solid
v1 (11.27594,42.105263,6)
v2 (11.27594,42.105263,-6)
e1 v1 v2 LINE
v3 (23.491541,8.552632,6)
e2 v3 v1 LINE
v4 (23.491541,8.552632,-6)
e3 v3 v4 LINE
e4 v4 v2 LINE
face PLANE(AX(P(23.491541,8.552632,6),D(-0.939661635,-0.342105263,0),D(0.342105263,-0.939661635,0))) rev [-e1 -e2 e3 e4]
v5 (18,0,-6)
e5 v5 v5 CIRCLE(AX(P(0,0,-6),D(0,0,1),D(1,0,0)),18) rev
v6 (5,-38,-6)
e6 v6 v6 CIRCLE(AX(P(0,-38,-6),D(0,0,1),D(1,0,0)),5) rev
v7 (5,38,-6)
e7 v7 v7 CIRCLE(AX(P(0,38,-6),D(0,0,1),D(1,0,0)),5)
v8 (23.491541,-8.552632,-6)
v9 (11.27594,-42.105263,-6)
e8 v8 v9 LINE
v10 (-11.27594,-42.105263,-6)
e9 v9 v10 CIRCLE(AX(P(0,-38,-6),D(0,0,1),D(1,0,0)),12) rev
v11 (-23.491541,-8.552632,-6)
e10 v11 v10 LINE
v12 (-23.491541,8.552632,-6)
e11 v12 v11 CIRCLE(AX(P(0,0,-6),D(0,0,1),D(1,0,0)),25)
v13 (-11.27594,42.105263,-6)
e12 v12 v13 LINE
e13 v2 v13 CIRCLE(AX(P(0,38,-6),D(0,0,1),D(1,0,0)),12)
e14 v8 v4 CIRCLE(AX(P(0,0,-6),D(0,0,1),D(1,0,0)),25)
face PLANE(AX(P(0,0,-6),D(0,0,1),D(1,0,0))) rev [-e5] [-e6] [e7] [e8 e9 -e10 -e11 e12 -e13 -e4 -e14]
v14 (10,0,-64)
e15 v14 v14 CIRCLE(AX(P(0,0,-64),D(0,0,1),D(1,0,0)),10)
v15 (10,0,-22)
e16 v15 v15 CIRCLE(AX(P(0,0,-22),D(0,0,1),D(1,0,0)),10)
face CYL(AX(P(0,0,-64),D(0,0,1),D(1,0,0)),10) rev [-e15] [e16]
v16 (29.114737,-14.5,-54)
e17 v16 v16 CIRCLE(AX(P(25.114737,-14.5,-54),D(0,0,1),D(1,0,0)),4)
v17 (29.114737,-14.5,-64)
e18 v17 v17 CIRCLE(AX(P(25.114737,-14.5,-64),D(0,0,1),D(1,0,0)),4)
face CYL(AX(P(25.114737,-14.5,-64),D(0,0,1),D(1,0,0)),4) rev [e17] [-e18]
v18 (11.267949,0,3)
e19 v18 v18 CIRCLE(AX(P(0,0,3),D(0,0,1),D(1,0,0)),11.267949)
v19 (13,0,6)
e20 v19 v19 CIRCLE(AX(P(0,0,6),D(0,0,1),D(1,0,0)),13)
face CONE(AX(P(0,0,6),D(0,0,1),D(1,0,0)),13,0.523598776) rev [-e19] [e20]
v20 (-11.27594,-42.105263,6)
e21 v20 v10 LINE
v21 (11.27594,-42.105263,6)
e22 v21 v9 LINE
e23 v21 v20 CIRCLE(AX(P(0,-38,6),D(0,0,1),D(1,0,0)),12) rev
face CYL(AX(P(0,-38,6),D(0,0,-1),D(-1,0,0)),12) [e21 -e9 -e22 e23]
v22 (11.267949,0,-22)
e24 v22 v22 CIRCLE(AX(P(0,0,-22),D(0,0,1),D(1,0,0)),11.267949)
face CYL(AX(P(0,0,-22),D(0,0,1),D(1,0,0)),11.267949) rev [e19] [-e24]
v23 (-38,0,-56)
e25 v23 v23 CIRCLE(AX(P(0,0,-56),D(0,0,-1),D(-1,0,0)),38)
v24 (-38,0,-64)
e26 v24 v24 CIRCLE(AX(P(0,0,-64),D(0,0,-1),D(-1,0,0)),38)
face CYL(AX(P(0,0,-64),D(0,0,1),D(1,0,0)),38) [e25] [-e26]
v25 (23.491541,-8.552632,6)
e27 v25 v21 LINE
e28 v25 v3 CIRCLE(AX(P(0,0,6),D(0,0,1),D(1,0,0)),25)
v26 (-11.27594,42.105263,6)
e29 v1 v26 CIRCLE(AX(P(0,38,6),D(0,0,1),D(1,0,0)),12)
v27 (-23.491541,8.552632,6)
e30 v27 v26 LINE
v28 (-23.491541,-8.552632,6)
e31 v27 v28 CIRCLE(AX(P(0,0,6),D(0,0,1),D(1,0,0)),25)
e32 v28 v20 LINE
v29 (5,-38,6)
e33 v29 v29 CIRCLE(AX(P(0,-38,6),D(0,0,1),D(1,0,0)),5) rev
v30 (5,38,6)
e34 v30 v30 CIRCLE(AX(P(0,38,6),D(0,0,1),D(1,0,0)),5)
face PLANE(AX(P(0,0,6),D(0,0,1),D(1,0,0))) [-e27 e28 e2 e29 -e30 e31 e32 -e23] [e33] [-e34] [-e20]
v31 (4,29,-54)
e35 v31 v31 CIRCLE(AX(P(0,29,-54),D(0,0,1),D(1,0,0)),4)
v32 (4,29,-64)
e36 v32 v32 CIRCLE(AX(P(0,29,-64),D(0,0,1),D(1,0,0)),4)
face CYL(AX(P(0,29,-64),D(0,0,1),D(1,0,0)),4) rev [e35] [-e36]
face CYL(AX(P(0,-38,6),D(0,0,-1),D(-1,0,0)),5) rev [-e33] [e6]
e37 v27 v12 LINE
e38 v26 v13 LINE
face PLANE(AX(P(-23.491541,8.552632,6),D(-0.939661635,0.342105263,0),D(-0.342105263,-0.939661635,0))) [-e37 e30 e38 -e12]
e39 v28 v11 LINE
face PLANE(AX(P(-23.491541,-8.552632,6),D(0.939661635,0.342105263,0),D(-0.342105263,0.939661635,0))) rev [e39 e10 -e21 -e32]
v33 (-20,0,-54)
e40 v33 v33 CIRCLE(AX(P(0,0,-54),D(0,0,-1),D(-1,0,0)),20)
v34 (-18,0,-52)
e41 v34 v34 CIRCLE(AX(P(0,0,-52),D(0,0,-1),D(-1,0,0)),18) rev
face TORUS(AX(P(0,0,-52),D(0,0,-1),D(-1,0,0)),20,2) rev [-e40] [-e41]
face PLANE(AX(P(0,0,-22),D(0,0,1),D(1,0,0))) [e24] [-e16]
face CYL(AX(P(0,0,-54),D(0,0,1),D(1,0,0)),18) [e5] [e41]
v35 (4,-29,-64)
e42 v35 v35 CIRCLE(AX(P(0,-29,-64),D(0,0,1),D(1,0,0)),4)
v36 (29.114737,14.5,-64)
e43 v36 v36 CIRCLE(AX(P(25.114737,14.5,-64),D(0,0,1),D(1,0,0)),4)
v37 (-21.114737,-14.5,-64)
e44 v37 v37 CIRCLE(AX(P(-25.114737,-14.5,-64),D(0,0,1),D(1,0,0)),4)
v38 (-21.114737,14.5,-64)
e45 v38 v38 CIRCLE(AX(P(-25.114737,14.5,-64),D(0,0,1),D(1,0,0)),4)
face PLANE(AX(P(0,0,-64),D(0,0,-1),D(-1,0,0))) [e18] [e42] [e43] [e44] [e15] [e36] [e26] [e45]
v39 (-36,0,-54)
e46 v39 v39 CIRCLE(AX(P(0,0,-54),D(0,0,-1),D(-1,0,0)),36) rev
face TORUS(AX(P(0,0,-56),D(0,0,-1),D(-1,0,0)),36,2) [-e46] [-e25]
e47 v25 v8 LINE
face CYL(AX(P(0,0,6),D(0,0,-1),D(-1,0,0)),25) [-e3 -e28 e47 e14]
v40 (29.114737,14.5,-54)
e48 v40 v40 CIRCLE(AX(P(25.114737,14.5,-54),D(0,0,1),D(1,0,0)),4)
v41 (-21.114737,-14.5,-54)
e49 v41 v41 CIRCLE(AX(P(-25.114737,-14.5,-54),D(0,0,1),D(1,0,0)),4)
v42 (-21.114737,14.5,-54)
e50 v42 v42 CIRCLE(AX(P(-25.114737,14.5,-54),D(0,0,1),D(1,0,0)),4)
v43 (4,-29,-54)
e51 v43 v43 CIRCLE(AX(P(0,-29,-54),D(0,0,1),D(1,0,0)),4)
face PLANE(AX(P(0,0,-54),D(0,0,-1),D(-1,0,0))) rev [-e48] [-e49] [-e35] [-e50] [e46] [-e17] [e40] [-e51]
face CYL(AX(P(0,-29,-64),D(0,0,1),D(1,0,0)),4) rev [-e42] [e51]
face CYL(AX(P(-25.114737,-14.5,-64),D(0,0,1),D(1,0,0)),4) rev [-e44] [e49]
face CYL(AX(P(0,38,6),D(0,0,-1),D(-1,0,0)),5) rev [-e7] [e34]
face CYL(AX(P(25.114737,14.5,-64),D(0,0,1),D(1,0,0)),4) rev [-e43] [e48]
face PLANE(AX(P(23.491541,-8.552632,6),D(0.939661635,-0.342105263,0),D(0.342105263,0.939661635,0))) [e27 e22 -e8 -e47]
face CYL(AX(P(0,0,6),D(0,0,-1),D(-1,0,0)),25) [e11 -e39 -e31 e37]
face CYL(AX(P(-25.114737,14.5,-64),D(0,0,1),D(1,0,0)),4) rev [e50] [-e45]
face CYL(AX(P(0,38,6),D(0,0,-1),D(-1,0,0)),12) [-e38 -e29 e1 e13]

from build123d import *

# Parameters (mm, degrees)
SKETCH1_R           = 5
BOSS_EXTRUDE1_DEPTH = 6
SKETCH2_R           = 13
CUT_EXTRUDE1_DEPTH  = 3
CUT_EXTRUDE1_DRAFT  = -30
SKETCH3_R           = 18
BOSS_EXTRUDE2_DEPTH = 48
SKETCH4_R           = 38
BOSS_EXTRUDE3_DEPTH = 10
SKETCH5_R           = 11.267949192
CUT_EXTRUDE2_DEPTH  = 25
SKETCH6_R           = 10
CUT_EXTRUDE3_DEPTH  = 76.55130707
SKETCH7_R           = 4
CUT_EXTRUDE4_DEPTH  = 87.856203002
FILLET1_R           = 2


with BuildPart() as part:
    # Sketch1 → Boss-Extrude1 (new, symmetric)
    with BuildSketch(Plane.XY):
        with BuildLine():
            Line((23.491540883, -8.552631579), (11.275939624, -42.105263158))
            ThreePointArc((11.275939624, -42.105263158), (0, -50), (-11.275939624, -42.105263158))
            Line((-11.275939624, -42.105263158), (-23.491540883, -8.552631579))
            ThreePointArc((-23.491540883, -8.552631579), (-25, 0), (-23.491540883, 8.552631579))
            Line((-23.491540883, 8.552631579), (-11.275939624, 42.105263158))
            ThreePointArc((-11.275939624, 42.105263158), (0, 50), (11.275939624, 42.105263158))
            Line((11.275939624, 42.105263158), (23.491540883, 8.552631579))
            ThreePointArc((23.491540883, 8.552631579), (25, 0), (23.491540883, -8.552631579))
        make_face()
        with Locations((0, -38)):
            Circle(SKETCH1_R, mode=Mode.SUBTRACT)
        with Locations((0, 38)):
            Circle(SKETCH1_R, mode=Mode.SUBTRACT)
    extrude(amount=BOSS_EXTRUDE1_DEPTH, both=True)


with BuildPart() as cut_extrude1_tool:
    # Sketch2 → Cut-Extrude1 (with draft: the straight prism first)
    with BuildSketch(Plane.XY.offset(6)):
        Circle(SKETCH2_R)
    extrude(amount=-CUT_EXTRUDE1_DEPTH)
    # Cut-Extrude1: the draft: its side faces are tilted about the plane it starts from
    cut_extrude1_sides = [cut_extrude1_tool.faces().sort_by_distance(p)[0] for p in [
        (-13, 0, 4.5),
    ]]
    draft(cut_extrude1_sides, Plane.XY.offset(6), CUT_EXTRUDE1_DRAFT)


with BuildPart() as part_1:
    add(part.part)

    # Cut-Extrude1: cut by cut_extrude1_tool
    add(cut_extrude1_tool.part, mode=Mode.SUBTRACT)

    # Sketch3 → Boss-Extrude2 (add)
    with BuildSketch(Plane(origin=(0, 0, -6), x_dir=(-1, 0, 0), z_dir=(0, 0, -1))):
        with Locations(Location((0, 0, 0), (0, 0, 180))):
            Circle(SKETCH3_R)
    extrude(amount=BOSS_EXTRUDE2_DEPTH)

    # Sketch4 → Boss-Extrude3 (add)
    with BuildSketch(Plane(origin=(0, 0, -54), x_dir=(-1, 0, 0), z_dir=(0, 0, -1))):
        Circle(SKETCH4_R)
    extrude(amount=BOSS_EXTRUDE3_DEPTH)

    # Sketch5 → Cut-Extrude2 (cut)
    with BuildSketch(Plane.XY.offset(3)):
        Circle(SKETCH5_R)
    extrude(amount=-CUT_EXTRUDE2_DEPTH, mode=Mode.SUBTRACT)

    # Sketch6 → Cut-Extrude3 (cut, through all)
    with BuildSketch(Plane.XY.offset(-22)):
        Circle(SKETCH6_R)
    extrude(amount=-CUT_EXTRUDE3_DEPTH, mode=Mode.SUBTRACT)

    # Sketch7 → Cut-Extrude4 (cut, through all)
    with BuildSketch(Plane.XY.offset(-54)):
        with Locations((0, 29)):
            Circle(SKETCH7_R)
        with Locations((25.11473671, 14.5)):
            Circle(SKETCH7_R)
        with Locations((25.11473671, -14.5)):
            Circle(SKETCH7_R)
        with Locations((0, -29)):
            Circle(SKETCH7_R)
        with Locations((-25.11473671, -14.5)):
            Circle(SKETCH7_R)
        with Locations((-25.11473671, 14.5)):
            Circle(SKETCH7_R)
    extrude(amount=-CUT_EXTRUDE4_DEPTH, mode=Mode.SUBTRACT)

    # Fillet1
    fillet1_edges = [part_1.edges().sort_by_distance(p)[0] for p in [
        (-18, 0, -54),
        (38, 0, -54),
    ]]
    fillet(fillet1_edges, radius=FILLET1_R)


solid = part_1.part
